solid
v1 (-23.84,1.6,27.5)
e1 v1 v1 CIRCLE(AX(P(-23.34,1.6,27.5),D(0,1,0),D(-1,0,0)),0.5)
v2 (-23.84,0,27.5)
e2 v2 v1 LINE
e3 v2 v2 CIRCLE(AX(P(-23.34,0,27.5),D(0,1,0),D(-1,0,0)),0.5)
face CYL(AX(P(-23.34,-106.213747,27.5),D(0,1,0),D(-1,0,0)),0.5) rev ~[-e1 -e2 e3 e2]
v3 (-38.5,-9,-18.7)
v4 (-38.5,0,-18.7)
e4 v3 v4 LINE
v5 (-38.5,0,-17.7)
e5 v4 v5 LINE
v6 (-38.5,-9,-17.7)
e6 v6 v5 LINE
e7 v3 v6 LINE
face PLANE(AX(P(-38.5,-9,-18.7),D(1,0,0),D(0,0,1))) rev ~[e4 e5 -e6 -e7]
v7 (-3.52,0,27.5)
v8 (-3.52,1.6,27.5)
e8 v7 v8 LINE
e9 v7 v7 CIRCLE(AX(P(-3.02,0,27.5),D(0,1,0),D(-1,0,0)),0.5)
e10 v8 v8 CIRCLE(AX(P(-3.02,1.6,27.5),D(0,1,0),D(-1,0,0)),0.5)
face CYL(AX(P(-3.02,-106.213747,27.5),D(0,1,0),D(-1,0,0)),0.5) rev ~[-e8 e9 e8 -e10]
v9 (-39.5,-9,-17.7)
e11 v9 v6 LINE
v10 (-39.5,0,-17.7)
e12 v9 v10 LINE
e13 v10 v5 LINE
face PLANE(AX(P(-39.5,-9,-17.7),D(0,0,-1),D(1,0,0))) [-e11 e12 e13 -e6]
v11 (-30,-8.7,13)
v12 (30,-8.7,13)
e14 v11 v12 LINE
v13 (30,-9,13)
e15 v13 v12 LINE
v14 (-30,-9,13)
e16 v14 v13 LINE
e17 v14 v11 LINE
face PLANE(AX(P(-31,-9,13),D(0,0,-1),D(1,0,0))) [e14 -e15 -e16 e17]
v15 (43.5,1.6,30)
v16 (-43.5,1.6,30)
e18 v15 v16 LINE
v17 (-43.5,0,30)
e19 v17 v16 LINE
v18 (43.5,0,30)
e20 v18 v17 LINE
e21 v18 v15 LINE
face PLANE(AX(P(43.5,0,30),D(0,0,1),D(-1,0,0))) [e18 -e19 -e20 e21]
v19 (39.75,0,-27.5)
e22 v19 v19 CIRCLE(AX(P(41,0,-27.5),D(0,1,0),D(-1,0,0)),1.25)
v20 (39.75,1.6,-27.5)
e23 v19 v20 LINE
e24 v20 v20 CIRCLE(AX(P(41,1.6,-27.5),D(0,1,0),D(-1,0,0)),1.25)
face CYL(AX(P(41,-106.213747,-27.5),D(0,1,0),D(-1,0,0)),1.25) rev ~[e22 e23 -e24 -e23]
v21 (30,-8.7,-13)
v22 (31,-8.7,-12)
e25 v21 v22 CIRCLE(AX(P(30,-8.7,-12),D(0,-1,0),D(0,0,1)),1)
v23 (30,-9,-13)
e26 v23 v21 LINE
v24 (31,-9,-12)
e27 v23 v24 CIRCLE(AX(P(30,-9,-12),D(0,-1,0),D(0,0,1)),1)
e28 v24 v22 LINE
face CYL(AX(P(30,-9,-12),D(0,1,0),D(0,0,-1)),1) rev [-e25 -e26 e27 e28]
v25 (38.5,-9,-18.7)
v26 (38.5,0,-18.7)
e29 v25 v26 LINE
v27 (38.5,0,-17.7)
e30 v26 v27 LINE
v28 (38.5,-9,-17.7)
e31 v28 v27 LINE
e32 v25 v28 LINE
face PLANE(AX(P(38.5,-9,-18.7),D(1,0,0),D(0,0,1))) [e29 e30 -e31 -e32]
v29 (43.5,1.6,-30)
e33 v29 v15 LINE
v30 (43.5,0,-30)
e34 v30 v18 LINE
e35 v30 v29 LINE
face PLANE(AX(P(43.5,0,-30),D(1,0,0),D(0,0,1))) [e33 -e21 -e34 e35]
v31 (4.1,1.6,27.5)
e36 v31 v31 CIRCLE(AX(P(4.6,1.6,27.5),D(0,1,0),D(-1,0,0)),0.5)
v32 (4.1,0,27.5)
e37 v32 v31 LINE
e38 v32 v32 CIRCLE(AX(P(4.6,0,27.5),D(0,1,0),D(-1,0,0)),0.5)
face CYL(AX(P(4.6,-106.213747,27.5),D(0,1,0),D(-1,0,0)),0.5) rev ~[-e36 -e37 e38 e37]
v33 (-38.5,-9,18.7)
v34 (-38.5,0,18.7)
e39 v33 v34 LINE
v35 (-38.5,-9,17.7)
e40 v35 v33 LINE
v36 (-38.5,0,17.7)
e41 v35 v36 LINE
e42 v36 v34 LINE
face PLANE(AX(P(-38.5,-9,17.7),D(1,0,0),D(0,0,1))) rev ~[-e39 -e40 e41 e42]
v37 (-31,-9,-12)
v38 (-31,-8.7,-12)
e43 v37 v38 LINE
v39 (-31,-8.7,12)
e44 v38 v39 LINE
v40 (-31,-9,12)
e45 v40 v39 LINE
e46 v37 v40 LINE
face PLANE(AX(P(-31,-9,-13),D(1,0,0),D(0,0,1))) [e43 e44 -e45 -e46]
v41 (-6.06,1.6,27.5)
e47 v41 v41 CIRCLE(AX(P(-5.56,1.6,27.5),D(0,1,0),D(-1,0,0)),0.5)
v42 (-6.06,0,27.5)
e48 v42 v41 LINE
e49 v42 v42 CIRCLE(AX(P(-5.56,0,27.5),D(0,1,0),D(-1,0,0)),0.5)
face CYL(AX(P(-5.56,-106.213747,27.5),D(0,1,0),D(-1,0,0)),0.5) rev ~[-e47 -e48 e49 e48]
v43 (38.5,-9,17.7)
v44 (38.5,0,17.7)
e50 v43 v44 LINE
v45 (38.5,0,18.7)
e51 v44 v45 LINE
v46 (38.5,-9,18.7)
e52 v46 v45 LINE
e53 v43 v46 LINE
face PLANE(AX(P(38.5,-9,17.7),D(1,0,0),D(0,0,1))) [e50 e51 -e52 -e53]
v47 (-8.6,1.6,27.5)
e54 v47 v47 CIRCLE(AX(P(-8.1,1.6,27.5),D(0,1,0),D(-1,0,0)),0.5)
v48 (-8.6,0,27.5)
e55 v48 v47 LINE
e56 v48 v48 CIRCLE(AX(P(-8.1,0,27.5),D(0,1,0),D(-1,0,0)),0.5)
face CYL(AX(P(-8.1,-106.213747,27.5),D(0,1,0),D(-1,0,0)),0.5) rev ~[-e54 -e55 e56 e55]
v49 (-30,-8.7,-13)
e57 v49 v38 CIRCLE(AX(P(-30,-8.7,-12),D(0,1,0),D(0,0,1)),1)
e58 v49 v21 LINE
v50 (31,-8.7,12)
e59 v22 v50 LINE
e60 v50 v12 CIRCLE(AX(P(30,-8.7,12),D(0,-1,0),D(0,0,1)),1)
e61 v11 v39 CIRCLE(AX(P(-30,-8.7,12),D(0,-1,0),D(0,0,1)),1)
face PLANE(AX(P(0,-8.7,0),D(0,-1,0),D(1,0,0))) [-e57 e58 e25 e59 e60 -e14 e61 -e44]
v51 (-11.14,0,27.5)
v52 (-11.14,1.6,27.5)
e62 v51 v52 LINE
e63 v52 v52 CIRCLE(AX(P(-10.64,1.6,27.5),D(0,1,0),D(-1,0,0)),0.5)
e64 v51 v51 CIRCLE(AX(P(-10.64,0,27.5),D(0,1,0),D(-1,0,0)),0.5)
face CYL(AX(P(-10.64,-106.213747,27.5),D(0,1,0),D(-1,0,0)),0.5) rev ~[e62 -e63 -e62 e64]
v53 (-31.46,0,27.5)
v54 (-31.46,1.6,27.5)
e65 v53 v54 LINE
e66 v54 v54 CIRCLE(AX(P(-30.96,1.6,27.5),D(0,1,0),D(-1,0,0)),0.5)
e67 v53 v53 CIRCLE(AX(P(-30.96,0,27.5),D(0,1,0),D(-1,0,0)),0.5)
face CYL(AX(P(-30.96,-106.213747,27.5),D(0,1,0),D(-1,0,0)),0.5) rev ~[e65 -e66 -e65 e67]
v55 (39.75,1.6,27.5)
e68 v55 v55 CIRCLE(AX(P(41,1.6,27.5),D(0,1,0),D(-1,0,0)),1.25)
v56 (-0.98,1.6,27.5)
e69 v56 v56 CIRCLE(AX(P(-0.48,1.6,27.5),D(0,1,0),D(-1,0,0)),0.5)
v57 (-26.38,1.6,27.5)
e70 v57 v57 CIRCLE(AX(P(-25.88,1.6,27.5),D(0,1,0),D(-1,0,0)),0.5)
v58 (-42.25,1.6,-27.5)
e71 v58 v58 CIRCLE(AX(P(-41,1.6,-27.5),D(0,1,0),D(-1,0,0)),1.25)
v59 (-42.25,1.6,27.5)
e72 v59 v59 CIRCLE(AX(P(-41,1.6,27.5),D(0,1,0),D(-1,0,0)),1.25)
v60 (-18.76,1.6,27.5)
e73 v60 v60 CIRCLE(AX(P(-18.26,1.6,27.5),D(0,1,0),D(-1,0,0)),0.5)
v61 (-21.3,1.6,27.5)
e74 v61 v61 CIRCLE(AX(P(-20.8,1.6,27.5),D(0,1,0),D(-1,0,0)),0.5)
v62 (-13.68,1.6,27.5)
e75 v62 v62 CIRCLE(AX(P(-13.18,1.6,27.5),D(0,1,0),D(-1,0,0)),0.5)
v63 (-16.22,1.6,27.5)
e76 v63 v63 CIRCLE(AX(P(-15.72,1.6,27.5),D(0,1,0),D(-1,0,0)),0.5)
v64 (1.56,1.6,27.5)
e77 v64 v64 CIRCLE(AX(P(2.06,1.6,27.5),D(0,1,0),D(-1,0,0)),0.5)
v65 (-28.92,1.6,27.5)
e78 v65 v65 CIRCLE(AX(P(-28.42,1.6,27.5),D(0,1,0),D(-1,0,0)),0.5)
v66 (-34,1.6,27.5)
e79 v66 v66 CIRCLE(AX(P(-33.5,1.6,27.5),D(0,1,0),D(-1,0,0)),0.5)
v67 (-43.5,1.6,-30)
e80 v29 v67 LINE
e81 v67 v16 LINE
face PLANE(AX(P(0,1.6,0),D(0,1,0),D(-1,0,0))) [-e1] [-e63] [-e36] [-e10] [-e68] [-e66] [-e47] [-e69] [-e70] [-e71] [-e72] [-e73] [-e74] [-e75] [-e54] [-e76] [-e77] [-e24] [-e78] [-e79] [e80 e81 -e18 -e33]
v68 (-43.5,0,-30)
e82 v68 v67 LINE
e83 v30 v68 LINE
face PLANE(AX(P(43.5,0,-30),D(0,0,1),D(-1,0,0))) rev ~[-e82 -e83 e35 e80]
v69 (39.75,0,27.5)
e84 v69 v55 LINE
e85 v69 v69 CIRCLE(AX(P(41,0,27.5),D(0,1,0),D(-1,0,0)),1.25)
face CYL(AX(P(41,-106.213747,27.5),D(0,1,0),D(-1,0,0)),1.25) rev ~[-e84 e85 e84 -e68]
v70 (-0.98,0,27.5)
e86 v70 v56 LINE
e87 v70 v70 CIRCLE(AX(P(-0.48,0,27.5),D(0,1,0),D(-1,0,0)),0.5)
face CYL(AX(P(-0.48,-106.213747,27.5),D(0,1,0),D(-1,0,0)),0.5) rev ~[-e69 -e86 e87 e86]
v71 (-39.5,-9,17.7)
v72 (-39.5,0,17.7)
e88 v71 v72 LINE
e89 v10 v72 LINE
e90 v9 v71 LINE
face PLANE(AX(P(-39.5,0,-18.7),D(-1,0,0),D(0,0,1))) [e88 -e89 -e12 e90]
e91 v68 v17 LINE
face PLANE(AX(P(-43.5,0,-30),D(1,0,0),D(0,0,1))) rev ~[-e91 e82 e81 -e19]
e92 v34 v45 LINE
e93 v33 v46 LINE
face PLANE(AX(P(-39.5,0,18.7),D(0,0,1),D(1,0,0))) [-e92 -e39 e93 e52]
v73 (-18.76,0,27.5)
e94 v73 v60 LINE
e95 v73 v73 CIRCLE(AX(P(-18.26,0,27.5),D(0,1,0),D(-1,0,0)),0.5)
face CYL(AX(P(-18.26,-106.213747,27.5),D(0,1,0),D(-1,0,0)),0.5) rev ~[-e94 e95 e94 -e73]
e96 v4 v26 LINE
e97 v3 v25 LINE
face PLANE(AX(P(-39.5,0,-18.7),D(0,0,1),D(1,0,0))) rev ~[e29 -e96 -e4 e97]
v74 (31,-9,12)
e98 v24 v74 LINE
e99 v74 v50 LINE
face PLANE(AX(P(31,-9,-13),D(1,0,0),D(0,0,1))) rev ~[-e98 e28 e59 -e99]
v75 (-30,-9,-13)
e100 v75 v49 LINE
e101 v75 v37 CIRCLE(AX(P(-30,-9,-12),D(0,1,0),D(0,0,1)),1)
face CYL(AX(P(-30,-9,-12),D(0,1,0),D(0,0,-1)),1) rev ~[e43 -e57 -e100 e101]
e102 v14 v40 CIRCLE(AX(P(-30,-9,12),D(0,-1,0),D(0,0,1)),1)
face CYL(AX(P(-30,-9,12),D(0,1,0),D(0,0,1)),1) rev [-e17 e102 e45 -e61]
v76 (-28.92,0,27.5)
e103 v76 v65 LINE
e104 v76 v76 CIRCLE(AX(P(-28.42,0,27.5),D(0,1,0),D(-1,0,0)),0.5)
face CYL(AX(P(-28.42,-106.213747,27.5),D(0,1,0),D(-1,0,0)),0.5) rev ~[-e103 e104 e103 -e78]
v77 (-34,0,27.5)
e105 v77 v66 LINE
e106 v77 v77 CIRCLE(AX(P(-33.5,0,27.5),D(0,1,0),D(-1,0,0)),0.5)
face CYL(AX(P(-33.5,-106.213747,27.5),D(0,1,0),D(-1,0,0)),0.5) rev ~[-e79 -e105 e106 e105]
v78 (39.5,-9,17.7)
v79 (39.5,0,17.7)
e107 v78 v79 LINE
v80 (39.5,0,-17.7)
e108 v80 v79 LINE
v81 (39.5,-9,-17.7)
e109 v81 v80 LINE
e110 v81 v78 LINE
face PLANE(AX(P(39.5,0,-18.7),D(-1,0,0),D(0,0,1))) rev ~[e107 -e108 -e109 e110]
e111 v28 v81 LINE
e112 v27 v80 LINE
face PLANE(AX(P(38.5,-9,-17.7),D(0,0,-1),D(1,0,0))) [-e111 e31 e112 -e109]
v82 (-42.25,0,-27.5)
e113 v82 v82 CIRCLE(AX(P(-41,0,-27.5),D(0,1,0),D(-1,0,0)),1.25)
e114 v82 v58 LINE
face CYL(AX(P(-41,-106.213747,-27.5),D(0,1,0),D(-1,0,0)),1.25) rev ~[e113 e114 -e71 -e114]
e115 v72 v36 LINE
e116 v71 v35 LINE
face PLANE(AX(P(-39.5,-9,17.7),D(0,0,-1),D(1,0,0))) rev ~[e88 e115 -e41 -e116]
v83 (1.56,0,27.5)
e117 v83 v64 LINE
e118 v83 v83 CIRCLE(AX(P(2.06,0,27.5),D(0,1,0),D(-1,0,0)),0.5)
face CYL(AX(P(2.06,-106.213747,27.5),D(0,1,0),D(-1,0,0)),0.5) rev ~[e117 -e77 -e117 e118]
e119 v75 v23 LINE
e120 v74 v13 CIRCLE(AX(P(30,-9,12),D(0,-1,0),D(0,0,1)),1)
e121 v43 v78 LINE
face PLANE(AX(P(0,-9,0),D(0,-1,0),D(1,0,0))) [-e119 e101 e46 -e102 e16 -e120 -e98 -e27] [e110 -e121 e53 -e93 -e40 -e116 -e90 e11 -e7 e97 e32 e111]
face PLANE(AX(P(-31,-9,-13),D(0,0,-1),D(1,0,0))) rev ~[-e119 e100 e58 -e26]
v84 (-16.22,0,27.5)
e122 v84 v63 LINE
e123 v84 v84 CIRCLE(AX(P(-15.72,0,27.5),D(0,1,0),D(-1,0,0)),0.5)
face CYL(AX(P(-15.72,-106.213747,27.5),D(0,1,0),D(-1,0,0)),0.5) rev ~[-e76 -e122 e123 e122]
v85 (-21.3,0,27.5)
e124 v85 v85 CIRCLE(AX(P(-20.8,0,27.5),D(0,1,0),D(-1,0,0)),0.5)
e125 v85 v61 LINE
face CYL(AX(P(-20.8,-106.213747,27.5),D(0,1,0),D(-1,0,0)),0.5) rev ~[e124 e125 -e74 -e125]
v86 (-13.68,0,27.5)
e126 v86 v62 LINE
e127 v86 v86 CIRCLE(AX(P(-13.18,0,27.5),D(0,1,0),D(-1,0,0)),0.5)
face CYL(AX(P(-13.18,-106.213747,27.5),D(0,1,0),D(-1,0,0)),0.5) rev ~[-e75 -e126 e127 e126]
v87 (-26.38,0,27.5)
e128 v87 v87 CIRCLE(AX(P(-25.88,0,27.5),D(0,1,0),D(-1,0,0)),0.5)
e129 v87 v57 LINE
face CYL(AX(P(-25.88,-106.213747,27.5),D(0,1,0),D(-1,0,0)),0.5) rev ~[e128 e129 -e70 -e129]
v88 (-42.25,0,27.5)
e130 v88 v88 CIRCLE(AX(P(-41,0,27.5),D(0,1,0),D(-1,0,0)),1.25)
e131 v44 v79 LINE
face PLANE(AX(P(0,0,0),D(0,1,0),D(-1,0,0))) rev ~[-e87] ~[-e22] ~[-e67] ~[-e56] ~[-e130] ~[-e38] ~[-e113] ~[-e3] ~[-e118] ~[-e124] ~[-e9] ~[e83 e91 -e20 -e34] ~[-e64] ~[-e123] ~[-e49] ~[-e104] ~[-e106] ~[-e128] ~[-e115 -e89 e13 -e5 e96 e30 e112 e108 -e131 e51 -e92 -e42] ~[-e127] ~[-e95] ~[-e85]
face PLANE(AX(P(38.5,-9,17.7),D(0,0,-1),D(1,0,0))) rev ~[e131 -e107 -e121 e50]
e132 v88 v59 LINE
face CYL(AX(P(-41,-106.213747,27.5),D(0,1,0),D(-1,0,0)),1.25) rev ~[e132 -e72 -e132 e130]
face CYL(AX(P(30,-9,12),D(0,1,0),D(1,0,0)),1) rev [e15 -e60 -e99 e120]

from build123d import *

# Parameters (mm, degrees)
F0_W     = 79
F0_H     = 37.4
F1_DEPTH = 9
F2_W     = 62
F2_H     = 26
F3_DEPTH = 0.3
F4_R     = 1
F5_W     = 1
F5_H     = 1
F6_DEPTH = 25.4
F7_W     = 87
F7_H     = 60
F8_DEPTH = 1.6
F10_D    = 2.5
F12_D    = 1


with BuildPart() as f1:
    # F0 (on Front) → F1 (new body)
    with BuildSketch(Plane.XZ):
        Rectangle(F0_W, F0_H)
    extrude(amount=F1_DEPTH)

    # F2 (on face) → F3 (cut)
    with BuildSketch(Plane.XZ.offset(9)):
        Rectangle(F2_W, F2_H)
    extrude(amount=-F3_DEPTH, mode=Mode.SUBTRACT)

    # F4
    f4_edges = [f1.edges().sort_by_distance(p)[0] for p in [
        (-31, -8.85, 13),
        (31, -8.85, 13),
        (31, -8.85, -13),
        (-31, -8.85, -13),
    ]]
    fillet(f4_edges, radius=F4_R)

    # F5 (on face) → F6 (cut)
    with BuildSketch(Plane.XZ.offset(9)):
        with Locations((-39, -18.2)):
            Rectangle(F5_W, F5_H)
        with Locations((39, -18.2)):
            Rectangle(F5_W, F5_H)
        with Locations((39, 18.2)):
            Rectangle(F5_W, F5_H)
        with Locations((-39, 18.2)):
            Rectangle(F5_W, F5_H)
    extrude(amount=-F6_DEPTH, mode=Mode.SUBTRACT)

    # F7 (on face) → F8 (join)
    with BuildSketch(Plane(origin=(0, 0, 0), x_dir=(-1, 0, 0), z_dir=(0, 1, 0))):
        Rectangle(F7_W, F7_H)
    extrude(amount=F8_DEPTH)

    # F10 (through all)
    with Locations(Plane.XZ):
        with Locations((-41, 27.5), (-41, -27.5), (41, 27.5), (41, -27.5)):
            Hole(F10_D / 2)

    # F12 (through all)
    with Locations(Plane.XZ):
        with Locations((-33.5, 27.5), (-30.96, 27.5), (-28.42, 27.5), (-25.88, 27.5), (-23.34, 27.5), (-20.8, 27.5), (-18.26, 27.5), (-15.72, 27.5), (-13.18, 27.5), (-10.64, 27.5), (-8.1, 27.5), (-5.56, 27.5), (-3.02, 27.5), (-0.48, 27.5), (2.06, 27.5), (4.6, 27.5)):
            Hole(F12_D / 2)


solid = f1.part
